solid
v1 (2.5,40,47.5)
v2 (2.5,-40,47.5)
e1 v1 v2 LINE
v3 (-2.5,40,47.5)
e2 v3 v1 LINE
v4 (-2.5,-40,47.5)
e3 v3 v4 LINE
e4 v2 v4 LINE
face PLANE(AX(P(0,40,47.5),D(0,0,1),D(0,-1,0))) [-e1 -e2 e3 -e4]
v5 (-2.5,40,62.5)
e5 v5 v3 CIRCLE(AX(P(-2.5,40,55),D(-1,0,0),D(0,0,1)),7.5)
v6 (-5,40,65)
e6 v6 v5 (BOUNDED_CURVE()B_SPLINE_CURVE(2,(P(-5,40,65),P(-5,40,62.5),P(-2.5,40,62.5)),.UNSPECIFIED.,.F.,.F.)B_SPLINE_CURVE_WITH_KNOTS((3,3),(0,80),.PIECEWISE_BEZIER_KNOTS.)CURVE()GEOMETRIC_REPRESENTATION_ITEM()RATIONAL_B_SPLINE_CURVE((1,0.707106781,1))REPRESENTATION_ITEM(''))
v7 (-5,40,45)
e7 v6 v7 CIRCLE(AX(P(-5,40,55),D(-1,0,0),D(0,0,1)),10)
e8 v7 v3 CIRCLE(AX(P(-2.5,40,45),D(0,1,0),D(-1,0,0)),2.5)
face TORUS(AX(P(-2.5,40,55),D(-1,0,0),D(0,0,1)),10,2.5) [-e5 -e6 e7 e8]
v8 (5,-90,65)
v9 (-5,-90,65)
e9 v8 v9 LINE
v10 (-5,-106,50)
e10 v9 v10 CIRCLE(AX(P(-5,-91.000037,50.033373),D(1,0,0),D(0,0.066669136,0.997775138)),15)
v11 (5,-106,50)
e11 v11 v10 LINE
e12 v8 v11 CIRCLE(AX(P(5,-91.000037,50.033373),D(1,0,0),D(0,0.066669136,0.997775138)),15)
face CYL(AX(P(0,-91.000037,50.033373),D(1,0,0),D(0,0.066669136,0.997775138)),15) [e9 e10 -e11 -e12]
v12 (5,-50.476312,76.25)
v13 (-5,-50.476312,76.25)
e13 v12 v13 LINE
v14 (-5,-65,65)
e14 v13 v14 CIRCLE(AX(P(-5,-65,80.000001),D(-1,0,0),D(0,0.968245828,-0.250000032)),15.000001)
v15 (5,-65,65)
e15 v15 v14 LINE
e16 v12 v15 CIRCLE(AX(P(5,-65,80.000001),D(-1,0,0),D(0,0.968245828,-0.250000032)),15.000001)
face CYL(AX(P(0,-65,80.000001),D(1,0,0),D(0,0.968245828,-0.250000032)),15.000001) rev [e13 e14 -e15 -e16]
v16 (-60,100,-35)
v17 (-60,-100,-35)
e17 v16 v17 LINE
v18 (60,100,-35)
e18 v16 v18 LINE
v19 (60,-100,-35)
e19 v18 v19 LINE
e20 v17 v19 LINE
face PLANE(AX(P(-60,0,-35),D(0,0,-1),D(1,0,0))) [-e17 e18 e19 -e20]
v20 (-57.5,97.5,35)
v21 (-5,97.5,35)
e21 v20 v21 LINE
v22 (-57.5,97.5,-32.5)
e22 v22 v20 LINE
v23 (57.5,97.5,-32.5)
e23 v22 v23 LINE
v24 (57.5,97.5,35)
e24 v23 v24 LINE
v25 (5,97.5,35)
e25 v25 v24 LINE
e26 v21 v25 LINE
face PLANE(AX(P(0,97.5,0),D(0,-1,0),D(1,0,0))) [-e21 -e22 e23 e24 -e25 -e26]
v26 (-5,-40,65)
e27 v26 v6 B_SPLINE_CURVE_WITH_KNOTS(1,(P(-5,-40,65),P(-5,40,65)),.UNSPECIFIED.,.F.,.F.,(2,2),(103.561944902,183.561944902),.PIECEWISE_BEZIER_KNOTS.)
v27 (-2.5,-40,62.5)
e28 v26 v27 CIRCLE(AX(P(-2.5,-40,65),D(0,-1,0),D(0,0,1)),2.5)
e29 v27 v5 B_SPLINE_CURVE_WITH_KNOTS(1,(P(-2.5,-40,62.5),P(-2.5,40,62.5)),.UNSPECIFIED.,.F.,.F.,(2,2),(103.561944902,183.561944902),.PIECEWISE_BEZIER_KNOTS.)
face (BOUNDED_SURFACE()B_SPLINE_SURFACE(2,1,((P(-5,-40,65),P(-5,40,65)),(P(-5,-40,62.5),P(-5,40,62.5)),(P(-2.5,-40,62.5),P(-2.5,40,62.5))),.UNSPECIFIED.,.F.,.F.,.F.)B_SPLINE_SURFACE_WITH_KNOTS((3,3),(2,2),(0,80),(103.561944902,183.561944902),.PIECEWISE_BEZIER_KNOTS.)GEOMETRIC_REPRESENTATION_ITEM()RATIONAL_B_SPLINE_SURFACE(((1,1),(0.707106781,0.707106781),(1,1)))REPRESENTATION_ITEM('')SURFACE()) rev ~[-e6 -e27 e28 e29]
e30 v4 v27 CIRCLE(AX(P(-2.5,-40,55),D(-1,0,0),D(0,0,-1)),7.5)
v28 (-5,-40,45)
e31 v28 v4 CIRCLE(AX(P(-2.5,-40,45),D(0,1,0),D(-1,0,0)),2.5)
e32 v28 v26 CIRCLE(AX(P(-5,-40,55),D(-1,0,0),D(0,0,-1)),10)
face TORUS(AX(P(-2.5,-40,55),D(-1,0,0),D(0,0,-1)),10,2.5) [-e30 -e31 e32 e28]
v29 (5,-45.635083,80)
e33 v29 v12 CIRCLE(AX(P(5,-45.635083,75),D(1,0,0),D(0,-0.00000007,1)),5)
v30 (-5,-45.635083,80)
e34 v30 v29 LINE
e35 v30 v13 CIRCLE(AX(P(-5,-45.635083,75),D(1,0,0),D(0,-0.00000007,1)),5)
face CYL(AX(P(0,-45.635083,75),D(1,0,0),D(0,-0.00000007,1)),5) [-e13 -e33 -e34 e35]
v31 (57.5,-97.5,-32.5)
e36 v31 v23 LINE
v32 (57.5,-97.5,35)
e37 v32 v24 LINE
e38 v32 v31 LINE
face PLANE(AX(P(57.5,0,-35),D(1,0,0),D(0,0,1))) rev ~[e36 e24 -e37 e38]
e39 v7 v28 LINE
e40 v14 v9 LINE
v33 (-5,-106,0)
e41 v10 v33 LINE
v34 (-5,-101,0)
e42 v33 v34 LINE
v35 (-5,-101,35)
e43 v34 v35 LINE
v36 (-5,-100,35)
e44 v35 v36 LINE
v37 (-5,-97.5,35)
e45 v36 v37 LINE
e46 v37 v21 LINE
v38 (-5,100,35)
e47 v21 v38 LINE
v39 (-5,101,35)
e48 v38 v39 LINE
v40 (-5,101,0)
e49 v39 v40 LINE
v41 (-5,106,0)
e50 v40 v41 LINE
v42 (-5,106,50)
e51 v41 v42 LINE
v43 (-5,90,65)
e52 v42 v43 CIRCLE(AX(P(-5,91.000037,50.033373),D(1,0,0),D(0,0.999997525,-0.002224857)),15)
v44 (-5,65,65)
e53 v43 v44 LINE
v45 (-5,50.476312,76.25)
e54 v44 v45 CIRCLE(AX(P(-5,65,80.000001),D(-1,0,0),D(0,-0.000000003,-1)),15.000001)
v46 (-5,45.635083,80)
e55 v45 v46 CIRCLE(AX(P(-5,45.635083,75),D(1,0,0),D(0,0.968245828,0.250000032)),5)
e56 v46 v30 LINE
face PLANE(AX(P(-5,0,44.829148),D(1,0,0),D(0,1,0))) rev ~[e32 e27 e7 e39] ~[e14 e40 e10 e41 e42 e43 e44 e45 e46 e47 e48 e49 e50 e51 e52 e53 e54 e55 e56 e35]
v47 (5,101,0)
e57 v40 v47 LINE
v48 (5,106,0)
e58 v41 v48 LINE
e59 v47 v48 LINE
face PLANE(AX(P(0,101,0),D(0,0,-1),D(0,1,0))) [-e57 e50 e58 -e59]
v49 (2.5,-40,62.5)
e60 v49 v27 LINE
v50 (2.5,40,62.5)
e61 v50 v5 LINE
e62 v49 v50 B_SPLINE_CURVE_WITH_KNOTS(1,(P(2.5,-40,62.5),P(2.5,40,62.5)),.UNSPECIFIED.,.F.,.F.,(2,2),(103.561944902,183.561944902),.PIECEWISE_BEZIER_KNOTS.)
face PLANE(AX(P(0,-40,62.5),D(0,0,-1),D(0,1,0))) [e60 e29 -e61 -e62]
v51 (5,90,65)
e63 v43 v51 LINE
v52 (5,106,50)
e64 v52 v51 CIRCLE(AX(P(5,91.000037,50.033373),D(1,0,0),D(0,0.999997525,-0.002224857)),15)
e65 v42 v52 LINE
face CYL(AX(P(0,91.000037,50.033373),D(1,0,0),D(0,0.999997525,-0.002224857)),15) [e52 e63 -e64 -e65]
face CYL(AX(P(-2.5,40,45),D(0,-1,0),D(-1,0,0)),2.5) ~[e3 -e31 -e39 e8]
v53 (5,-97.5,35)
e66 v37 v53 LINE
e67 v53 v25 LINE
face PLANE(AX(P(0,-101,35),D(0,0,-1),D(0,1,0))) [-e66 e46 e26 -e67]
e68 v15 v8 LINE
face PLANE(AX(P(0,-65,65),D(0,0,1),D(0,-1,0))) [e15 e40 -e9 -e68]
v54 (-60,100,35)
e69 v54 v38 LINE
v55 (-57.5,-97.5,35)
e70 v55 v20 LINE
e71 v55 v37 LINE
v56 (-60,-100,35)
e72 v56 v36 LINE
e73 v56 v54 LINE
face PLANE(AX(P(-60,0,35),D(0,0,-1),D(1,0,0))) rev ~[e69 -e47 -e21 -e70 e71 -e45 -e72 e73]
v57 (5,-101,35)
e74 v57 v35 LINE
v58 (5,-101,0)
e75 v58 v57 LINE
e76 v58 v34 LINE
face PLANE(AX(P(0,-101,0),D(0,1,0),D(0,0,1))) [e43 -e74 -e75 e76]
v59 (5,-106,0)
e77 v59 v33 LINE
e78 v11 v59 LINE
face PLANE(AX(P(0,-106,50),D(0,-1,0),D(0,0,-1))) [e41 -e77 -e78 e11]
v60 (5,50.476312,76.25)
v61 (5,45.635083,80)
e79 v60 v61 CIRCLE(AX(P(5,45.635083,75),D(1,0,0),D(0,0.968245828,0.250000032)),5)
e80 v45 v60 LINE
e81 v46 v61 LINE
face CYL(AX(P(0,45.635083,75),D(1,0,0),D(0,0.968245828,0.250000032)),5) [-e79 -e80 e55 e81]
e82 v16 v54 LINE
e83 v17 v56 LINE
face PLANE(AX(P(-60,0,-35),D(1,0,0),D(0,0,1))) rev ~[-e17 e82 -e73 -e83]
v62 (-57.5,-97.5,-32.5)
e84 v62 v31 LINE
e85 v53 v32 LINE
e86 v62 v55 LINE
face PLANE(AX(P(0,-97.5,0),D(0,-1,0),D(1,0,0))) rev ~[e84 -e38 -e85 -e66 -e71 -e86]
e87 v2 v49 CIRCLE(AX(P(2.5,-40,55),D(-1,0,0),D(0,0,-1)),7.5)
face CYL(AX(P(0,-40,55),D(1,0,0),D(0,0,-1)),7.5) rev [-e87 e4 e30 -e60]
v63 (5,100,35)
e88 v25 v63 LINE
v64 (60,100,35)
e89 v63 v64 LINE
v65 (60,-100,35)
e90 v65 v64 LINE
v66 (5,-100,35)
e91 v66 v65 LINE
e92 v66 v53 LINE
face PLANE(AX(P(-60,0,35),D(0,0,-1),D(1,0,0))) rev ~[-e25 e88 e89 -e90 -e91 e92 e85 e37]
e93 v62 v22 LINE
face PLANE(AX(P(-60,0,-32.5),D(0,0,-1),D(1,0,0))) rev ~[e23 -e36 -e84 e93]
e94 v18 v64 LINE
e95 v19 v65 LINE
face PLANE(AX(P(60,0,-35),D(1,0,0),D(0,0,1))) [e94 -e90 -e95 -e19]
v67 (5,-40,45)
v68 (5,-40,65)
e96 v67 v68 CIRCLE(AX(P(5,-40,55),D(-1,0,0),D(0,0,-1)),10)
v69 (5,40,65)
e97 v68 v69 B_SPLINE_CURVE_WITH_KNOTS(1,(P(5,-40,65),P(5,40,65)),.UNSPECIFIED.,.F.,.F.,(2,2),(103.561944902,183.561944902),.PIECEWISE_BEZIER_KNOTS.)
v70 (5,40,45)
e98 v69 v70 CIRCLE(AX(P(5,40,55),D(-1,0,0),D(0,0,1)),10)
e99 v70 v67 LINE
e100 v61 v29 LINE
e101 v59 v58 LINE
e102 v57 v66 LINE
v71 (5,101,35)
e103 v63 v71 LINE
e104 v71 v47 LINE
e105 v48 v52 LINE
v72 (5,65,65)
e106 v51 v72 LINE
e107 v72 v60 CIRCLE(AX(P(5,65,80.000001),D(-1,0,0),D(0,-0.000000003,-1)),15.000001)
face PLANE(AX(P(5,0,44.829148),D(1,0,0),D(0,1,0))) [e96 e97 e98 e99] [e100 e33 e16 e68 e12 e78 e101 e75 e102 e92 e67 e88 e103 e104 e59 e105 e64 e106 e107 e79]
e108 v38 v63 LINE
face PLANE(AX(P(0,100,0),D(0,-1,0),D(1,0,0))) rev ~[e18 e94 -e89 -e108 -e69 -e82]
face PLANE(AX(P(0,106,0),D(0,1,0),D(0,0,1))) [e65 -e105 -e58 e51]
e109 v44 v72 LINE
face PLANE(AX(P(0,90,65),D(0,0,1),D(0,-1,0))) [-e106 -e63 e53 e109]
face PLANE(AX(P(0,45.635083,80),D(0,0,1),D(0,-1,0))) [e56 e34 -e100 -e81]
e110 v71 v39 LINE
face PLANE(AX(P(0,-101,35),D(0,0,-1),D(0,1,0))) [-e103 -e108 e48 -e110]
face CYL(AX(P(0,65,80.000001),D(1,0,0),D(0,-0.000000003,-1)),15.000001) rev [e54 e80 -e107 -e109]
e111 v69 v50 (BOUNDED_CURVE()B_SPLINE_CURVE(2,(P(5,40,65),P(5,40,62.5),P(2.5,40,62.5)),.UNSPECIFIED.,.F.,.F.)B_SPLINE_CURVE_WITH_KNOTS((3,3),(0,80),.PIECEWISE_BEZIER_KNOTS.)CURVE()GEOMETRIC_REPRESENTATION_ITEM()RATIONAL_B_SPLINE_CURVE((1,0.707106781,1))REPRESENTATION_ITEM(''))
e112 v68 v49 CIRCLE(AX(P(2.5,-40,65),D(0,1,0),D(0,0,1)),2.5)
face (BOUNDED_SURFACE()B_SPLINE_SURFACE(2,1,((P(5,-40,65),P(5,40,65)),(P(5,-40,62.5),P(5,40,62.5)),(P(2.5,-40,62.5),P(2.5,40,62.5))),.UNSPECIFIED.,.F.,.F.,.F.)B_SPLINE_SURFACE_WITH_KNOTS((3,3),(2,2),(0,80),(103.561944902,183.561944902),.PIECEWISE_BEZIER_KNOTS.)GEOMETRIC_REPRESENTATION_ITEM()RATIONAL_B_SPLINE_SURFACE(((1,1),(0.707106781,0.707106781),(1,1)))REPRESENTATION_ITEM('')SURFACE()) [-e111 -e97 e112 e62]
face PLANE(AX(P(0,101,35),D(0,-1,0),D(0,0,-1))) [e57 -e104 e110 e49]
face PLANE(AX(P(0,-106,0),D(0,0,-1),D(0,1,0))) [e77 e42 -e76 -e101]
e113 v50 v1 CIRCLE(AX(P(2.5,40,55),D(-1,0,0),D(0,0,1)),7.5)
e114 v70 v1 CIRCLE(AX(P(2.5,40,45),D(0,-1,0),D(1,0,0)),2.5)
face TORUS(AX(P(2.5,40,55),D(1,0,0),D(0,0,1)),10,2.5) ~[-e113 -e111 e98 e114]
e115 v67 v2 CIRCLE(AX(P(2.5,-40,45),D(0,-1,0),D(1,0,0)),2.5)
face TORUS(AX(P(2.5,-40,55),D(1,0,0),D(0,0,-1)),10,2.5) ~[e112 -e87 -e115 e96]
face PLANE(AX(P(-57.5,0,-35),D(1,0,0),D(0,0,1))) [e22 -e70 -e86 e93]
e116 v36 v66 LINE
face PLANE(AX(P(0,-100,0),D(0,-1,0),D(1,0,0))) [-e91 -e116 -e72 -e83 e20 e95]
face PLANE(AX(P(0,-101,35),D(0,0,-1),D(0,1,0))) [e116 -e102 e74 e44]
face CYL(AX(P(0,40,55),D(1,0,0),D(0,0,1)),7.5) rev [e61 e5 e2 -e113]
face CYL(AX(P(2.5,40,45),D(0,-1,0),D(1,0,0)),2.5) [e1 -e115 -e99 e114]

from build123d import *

# Parameters (mm, degrees)
F0_W     = 120
F0_H     = 70
F1_DEPTH = 100
F2_T     = -2.5
F4_DEPTH = 5
F5_R     = 2.5


with BuildPart() as f1:
    # F0 (on Front) → F1 (new body, symmetric)
    with BuildSketch(Plane.XZ):
        Rectangle(F0_W, F0_H)
    extrude(amount=F1_DEPTH, both=True)

    # F2
    f2_openings = [f1.faces().sort_by_distance(p)[0] for p in [
        (0, 0, 35),
    ]]
    offset(amount=F2_T, openings=f2_openings)

    # F3 (on Right) → F4 (join, symmetric)
    with BuildSketch(Plane.YZ):
        with BuildLine():
            Line((0, 35), (101, 35))
            Line((101, 35), (101, 0))
            Line((101, 0), (106, 0))
            Line((106, 0), (106, 50))
            ThreePointArc((106, 50), (101.259154, 60.976431), (90, 65))
            Line((90, 65), (65, 65))
            ThreePointArc((65, 65), (55.814413, 68.141459), (50.476312, 76.25))
            ThreePointArc((50.476312, 76.25), (48.696945, 78.952847), (45.635083, 80))
            Line((45.635083, 80), (0, 80))
            Line((0, 80), (-45.635083, 80))
            ThreePointArc((-45.635083, 80), (-48.696945, 78.952847), (-50.476312, 76.25))
            ThreePointArc((-50.476312, 76.25), (-55.814413, 68.141459), (-65, 65))
            Line((-65, 65), (-90, 65))
            ThreePointArc((-90, 65), (-101.259154, 60.976431), (-106, 50))
            Line((-106, 50), (-106, 0))
            Line((-106, 0), (-101, 0))
            Line((-101, 0), (-101, 35))
            Line((-101, 35), (-100, 35))
            Line((-100, 35), (0, 35))
        make_face()
        with BuildLine():
            Line((40, 47.5), (0, 47.5))
            Line((0, 47.5), (-40, 47.5))
            ThreePointArc((-40, 47.5), (-47.5, 55), (-40, 62.5))
            Line((-40, 62.5), (0, 62.5))
            Line((0, 62.5), (40, 62.5))
            ThreePointArc((40, 62.5), (47.5, 55), (40, 47.5))
        make_face(mode=Mode.SUBTRACT)
    extrude(amount=F4_DEPTH, both=True)

    # F5
    f5_edges = [f1.edges().sort_by_distance(p)[0] for p in [
        (5, 0, 47.5),
        (-5, 0, 47.5),
    ]]
    fillet(f5_edges, radius=F5_R)


solid = f1.part
